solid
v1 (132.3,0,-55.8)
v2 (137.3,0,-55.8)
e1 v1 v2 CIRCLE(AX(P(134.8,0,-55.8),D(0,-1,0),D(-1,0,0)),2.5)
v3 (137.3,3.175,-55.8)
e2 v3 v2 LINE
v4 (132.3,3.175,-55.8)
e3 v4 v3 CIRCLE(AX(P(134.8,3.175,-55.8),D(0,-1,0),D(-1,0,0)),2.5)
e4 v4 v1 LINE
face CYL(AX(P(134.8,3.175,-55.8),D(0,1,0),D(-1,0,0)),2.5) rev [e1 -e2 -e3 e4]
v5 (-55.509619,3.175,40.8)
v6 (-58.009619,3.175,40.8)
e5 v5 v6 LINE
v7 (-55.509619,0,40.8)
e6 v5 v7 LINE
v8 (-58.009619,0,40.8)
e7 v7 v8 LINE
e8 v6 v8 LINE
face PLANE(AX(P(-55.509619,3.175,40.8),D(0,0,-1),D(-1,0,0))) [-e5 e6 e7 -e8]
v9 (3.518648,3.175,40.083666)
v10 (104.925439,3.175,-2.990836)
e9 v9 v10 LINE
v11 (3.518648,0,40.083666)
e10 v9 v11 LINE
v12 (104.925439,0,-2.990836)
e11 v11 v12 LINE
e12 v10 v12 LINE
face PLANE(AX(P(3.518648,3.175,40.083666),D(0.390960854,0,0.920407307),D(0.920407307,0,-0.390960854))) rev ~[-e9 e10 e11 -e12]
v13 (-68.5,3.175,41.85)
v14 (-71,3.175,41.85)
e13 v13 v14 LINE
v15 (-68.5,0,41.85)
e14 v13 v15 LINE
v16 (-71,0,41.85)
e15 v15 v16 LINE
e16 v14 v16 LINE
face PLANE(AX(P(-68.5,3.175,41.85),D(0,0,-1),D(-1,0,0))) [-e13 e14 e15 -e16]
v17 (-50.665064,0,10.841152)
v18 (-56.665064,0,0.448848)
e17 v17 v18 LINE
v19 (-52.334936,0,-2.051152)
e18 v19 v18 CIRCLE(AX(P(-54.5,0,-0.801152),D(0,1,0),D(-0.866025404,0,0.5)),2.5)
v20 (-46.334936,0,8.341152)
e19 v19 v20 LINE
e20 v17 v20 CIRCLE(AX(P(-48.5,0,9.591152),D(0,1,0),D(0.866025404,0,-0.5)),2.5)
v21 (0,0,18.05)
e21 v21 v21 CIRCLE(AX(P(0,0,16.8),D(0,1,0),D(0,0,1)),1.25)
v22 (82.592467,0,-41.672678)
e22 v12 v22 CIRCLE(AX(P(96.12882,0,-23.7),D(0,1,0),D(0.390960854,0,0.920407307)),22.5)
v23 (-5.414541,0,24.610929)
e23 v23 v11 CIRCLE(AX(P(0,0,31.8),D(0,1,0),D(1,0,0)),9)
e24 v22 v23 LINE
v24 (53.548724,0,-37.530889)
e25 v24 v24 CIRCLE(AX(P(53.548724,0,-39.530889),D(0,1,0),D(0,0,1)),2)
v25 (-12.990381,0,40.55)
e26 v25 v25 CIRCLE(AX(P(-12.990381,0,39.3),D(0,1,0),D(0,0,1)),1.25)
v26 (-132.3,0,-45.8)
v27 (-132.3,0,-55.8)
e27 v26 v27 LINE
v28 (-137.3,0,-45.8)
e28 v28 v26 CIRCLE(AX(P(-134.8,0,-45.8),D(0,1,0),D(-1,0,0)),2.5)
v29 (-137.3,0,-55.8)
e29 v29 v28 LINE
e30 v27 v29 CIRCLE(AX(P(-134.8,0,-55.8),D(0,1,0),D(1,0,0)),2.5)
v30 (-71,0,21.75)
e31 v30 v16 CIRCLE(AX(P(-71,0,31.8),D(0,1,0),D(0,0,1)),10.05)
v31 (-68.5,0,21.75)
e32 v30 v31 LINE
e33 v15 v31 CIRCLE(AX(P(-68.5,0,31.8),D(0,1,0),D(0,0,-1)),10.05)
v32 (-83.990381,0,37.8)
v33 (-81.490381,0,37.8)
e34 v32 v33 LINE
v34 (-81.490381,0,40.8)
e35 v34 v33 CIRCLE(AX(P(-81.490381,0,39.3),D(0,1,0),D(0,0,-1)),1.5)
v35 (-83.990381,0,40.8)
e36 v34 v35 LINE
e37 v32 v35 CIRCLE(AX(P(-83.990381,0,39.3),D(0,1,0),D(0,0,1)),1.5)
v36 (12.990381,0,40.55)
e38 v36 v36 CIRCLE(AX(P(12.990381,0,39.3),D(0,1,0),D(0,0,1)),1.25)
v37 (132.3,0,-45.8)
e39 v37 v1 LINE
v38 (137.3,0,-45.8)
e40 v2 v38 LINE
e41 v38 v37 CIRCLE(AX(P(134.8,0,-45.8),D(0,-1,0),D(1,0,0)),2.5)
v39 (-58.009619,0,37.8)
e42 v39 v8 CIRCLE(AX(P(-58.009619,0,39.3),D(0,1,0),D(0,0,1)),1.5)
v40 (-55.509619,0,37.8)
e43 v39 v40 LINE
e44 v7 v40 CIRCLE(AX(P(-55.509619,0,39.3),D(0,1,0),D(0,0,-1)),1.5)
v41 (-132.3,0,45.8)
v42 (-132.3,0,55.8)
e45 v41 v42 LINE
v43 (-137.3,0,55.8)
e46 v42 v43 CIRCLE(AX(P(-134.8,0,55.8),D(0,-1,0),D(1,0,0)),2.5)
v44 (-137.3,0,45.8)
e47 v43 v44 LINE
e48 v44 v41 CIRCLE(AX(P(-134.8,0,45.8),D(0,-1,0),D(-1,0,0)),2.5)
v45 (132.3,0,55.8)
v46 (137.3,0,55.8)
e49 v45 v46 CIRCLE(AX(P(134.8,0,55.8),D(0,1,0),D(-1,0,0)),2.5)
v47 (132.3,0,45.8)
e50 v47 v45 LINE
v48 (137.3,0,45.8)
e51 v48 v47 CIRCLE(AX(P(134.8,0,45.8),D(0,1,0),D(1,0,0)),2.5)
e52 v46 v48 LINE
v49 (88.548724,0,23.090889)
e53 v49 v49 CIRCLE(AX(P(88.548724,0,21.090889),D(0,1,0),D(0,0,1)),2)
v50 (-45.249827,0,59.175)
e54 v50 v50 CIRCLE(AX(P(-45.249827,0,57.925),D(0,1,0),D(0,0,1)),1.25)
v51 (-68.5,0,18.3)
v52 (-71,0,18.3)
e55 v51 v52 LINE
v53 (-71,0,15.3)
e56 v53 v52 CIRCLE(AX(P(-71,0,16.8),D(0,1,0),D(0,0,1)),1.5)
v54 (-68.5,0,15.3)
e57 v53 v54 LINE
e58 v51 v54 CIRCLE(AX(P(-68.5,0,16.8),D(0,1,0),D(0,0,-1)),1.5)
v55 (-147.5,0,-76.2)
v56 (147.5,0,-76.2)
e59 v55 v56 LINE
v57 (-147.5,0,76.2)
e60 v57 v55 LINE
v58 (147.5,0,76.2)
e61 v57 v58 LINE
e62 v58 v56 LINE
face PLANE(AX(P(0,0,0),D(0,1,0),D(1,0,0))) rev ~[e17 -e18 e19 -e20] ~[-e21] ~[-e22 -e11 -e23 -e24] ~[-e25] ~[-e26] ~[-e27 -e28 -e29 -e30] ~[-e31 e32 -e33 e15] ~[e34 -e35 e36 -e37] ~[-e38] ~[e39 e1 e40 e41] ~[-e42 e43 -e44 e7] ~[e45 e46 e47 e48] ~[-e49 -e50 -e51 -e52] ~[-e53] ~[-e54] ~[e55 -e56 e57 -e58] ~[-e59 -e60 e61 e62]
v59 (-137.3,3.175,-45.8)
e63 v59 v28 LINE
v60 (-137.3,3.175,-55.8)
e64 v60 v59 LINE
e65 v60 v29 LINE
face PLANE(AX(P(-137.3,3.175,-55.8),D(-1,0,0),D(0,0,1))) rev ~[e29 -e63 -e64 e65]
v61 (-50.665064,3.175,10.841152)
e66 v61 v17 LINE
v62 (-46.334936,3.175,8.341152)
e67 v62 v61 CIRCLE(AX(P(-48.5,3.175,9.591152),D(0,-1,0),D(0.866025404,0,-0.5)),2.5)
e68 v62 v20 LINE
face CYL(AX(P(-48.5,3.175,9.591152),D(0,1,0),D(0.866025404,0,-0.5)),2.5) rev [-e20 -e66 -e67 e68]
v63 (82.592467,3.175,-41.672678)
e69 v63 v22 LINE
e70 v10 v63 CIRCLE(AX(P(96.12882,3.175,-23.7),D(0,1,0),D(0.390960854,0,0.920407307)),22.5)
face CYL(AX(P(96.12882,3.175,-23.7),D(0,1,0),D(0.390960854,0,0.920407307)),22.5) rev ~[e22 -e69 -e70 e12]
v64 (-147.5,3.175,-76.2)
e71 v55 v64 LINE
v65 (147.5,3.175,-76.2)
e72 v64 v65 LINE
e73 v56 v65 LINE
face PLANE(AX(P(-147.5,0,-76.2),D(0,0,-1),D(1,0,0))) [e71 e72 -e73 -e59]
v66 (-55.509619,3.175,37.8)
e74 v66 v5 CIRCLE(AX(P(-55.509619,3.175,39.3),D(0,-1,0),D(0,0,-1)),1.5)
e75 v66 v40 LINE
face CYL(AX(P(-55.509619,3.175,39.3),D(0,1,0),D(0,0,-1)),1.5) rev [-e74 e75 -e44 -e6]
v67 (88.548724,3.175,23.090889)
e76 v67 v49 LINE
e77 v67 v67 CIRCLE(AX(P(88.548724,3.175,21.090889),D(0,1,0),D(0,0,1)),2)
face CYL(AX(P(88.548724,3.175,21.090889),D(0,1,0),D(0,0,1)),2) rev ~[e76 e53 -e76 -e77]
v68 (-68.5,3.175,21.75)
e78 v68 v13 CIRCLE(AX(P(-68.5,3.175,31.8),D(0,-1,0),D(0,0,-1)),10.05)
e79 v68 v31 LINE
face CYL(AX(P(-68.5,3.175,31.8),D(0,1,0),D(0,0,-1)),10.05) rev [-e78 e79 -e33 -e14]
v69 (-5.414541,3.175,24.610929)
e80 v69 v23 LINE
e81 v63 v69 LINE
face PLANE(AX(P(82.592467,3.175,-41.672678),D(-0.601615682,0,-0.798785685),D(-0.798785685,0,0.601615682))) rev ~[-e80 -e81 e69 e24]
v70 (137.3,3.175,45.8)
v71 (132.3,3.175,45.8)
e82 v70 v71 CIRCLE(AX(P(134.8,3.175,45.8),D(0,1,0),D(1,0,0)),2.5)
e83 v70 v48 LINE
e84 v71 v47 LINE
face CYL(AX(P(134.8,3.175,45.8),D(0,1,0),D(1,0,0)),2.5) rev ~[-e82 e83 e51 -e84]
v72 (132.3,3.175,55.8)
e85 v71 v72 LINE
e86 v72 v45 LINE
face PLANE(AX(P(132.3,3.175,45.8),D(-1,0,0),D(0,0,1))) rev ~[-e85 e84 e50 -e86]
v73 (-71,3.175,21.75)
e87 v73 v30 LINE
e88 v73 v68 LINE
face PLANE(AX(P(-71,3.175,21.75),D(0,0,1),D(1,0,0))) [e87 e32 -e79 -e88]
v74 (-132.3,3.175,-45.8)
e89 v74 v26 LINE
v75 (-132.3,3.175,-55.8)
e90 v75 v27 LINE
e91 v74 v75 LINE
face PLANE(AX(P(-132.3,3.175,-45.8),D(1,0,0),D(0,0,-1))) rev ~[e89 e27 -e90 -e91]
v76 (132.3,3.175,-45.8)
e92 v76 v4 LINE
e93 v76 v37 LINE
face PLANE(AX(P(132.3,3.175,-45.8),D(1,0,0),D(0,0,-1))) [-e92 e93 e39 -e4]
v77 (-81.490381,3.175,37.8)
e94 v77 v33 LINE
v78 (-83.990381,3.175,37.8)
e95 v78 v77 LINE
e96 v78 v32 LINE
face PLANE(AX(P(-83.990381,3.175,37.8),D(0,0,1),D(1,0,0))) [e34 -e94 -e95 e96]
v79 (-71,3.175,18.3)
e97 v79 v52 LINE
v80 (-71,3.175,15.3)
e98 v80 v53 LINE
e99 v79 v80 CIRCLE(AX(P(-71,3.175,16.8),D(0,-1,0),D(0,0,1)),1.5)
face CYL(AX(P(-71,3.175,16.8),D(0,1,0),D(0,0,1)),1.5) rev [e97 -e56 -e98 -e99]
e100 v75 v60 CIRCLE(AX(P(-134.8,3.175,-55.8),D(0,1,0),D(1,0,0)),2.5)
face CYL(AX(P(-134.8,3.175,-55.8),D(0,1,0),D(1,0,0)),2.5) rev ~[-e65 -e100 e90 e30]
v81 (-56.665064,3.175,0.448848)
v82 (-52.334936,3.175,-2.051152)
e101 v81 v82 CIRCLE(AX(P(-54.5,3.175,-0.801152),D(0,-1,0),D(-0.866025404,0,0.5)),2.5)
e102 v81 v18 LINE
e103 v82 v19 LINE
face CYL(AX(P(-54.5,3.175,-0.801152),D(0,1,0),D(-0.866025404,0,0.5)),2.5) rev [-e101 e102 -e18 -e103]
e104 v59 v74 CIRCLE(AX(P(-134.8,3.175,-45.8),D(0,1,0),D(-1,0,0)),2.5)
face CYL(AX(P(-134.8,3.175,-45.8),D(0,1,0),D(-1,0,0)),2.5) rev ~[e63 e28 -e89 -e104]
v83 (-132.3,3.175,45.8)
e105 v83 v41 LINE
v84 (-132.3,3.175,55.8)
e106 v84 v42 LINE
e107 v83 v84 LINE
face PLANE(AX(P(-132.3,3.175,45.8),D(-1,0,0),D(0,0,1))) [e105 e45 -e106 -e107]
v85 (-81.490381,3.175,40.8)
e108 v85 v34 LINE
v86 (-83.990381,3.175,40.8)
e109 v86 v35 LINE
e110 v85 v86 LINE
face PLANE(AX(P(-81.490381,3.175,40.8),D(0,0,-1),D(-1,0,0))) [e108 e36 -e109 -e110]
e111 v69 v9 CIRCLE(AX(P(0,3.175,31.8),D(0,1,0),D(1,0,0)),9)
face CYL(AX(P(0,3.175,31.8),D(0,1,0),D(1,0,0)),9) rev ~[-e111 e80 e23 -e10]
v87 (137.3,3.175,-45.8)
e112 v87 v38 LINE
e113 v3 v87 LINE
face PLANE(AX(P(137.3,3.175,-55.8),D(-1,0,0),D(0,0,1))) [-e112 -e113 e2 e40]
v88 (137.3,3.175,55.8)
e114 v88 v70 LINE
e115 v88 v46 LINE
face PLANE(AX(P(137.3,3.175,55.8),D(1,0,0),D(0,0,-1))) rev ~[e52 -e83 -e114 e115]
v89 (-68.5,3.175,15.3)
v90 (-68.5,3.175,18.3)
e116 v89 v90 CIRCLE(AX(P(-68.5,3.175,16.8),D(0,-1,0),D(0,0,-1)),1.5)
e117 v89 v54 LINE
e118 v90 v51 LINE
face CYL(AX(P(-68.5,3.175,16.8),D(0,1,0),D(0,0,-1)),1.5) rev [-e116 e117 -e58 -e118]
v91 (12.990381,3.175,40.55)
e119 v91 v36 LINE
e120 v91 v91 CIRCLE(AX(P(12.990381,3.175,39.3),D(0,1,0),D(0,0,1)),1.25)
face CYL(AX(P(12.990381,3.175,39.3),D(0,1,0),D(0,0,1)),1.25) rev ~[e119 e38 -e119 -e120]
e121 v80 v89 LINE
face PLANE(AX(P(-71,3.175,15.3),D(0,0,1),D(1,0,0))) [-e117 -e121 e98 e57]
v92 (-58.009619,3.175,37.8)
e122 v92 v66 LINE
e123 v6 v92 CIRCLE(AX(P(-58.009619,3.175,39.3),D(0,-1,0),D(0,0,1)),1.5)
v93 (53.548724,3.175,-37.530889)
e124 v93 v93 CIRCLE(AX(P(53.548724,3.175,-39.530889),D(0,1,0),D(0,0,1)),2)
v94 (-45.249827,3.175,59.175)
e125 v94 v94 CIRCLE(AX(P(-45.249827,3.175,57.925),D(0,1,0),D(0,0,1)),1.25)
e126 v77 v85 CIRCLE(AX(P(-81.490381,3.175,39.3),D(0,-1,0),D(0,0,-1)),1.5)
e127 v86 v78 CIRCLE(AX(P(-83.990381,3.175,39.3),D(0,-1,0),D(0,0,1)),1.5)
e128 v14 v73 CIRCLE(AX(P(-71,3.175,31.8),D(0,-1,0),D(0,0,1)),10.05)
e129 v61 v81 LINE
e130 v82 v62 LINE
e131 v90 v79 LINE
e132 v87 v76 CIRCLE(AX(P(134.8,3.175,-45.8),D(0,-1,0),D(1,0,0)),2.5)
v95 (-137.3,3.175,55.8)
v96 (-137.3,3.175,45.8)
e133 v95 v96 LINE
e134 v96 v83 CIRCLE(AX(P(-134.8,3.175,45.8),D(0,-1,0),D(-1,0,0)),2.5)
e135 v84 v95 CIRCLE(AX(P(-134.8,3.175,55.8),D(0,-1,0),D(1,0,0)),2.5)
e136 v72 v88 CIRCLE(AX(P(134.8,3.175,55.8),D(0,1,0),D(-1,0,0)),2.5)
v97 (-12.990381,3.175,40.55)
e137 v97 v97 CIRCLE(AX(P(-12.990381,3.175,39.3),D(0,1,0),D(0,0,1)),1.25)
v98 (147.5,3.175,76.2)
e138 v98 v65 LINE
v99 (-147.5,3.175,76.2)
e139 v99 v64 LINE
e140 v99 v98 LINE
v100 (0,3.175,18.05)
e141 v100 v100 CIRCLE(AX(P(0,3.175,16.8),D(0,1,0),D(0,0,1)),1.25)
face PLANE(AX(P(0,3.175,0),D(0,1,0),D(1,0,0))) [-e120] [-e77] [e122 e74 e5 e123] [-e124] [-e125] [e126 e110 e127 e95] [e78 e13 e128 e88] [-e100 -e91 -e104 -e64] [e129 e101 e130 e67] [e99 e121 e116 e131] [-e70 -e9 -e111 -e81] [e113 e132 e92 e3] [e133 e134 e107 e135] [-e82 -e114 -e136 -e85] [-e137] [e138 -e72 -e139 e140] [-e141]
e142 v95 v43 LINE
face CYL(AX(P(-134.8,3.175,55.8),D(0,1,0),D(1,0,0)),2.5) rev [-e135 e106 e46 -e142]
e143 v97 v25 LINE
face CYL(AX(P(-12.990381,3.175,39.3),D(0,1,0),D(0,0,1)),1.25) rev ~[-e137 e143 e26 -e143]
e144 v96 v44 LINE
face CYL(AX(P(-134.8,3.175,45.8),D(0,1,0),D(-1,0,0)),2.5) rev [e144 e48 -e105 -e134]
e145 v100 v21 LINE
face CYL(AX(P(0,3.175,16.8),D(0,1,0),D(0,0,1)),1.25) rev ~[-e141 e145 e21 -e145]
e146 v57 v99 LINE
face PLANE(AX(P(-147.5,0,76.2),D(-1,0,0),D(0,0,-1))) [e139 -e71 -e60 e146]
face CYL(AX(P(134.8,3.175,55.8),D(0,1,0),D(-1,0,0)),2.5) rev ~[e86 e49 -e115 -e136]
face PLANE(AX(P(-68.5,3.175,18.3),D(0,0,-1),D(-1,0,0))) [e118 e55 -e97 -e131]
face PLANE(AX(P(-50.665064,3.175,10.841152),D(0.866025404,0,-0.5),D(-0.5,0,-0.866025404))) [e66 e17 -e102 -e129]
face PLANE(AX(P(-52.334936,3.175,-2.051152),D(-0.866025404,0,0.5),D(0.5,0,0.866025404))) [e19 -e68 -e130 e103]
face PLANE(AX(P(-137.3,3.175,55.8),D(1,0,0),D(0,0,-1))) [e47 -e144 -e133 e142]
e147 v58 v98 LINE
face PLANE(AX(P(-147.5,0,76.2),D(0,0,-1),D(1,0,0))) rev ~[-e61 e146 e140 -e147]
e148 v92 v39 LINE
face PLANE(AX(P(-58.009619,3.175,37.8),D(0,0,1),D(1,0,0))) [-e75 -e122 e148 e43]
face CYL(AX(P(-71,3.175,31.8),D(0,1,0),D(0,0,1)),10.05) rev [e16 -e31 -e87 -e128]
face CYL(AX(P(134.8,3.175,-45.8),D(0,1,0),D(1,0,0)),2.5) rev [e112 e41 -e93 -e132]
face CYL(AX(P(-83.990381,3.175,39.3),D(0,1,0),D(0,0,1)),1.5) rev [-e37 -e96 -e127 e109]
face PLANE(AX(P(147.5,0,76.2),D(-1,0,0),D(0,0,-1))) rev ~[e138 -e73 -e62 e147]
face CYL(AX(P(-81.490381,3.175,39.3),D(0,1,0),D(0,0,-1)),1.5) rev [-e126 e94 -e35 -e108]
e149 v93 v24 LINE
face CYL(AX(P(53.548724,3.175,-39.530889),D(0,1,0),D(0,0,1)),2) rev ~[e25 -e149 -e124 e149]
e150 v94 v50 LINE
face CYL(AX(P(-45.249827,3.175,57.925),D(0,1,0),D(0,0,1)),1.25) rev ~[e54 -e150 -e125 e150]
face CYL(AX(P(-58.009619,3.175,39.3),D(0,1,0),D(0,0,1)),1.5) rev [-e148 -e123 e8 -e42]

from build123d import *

# Parameters (mm, degrees)
CROQUIS1_W              = 295
CROQUIS1_H              = 152.4
SALIENTE_EXTRUIR1_DEPTH = 3.175
CROQUIS2_R              = 9
CROQUIS2_R_2            = 22.5
CROQUIS2_R_3            = 2
CROQUIS2_R_4            = 1.25
CORTAR_EXTRUIR1_DEPTH   = 3.175
CROQUIS3_R              = 1.25
CORTAR_EXTRUIR2_DEPTH   = 167.050506247


with BuildPart() as part:
    # Croquis1 → Saliente-Extruir1 (new body)
    with BuildSketch(Plane(origin=(0, 0, 0), x_dir=(1, 0, 0), z_dir=(0, 1, 0))):
        Rectangle(CROQUIS1_W, CROQUIS1_H)
    extrude(amount=SALIENTE_EXTRUIR1_DEPTH)

    # Croquis2 → Cortar-Extruir1 (cut)
    with BuildSketch(Plane(origin=(0, 3.175, 0), x_dir=(1, 0, 0), z_dir=(0, 1, 0))):
        with BuildLine():
            Line((-137.3, 55.8), (-137.3, 45.8))
            ThreePointArc((-137.3, 45.8), (-134.8, 43.3), (-132.3, 45.8))
            Line((-132.3, 45.8), (-132.3, 55.8))
            ThreePointArc((-132.3, 55.8), (-134.8, 58.3), (-137.3, 55.8))
        make_face()
        with BuildLine():
            ThreePointArc((-137.3, -45.8), (-134.8, -43.3), (-132.3, -45.8))
            Line((-132.3, -45.8), (-132.3, -55.8))
            ThreePointArc((-132.3, -55.8), (-134.8, -58.3), (-137.3, -55.8))
            Line((-137.3, -55.8), (-137.3, -45.8))
        make_face()
        with Locations((0, -31.8)):
            Circle(CROQUIS2_R)
        with Locations((96.12881982, 23.7)):
            Circle(CROQUIS2_R_2)
        with Locations(Location((53.548724126, 39.530889132, 0), (0, 0, 270))):
            Circle(CROQUIS2_R_3)
        with Locations(Location((88.548724126, -21.090889132, 0), (0, 0, 270))):
            Circle(CROQUIS2_R_3)
        with BuildLine():
            ThreePointArc((137.3, 45.8), (134.8, 43.3), (132.3, 45.8))
            Line((132.3, 45.8), (132.3, 55.8))
            ThreePointArc((132.3, 55.8), (134.8, 58.3), (137.3, 55.8))
            Line((137.3, 55.8), (137.3, 45.8))
        make_face()
        with BuildLine():
            Line((137.3, -55.8), (137.3, -45.8))
            ThreePointArc((137.3, -45.8), (134.8, -43.3), (132.3, -45.8))
            Line((132.3, -45.8), (132.3, -55.8))
            ThreePointArc((132.3, -55.8), (134.8, -58.3), (137.3, -55.8))
        make_face()
        with BuildLine():
            Line((82.592466968, 41.672677916), (-5.414541141, -24.610928834))
            ThreePointArc((-5.414541141, -24.610928834), (4.01678539, -23.746091934), (9, -31.8))
            ThreePointArc((9, -31.8), (7.505592222, -36.76649629), (3.518647689, -40.083665761))
            Line((3.518647689, -40.083665761), (104.925439043, 2.990835598))
            ThreePointArc((104.925439043, 2.990835598), (76.643248235, 12.45), (82.592466968, 41.672677916))
        make_face()
        with Locations(Location((-45.249827348, -57.925, 0), (0, 0, 270))):
            Circle(CROQUIS2_R_4)
    extrude(amount=-CORTAR_EXTRUIR1_DEPTH, mode=Mode.SUBTRACT)

    # Croquis3 → Cortar-Extruir2 (cut, through all)
    with BuildSketch(Plane(origin=(0, 3.175, 0), x_dir=(1, 0, 0), z_dir=(0, 1, 0))):
        with Locations(Location((0, -16.8, 0), (0, 0, 270))):
            Circle(CROQUIS3_R)
        with Locations(Location((12.990381057, -39.3, 0), (0, 0, 270))):
            Circle(CROQUIS3_R)
        with Locations(Location((-12.990381057, -39.3, 0), (0, 0, 270))):
            Circle(CROQUIS3_R)
        with BuildLine():
            Line((-52.334936491, 2.051152423), (-46.334936491, -8.341152423))
            ThreePointArc((-46.334936491, -8.341152423), (-47.25, -11.756215932), (-50.665063509, -10.841152423))
            Line((-50.665063509, -10.841152423), (-56.665063509, -0.448847577))
            ThreePointArc((-56.665063509, -0.448847577), (-55.75, 2.966215932), (-52.334936491, 2.051152423))
        make_face()
        with BuildLine():
            Line((-71, -15.3), (-68.5, -15.3))
            ThreePointArc((-68.5, -15.3), (-67, -16.8), (-68.5, -18.3))
            Line((-68.5, -18.3), (-71, -18.3))
            ThreePointArc((-71, -18.3), (-72.5, -16.8), (-71, -15.3))
        make_face()
        with BuildLine():
            Line((-58.009618943, -37.8), (-55.509618943, -37.8))
            ThreePointArc((-55.509618943, -37.8), (-54.009618943, -39.3), (-55.509618943, -40.8))
            Line((-55.509618943, -40.8), (-58.009618943, -40.8))
            ThreePointArc((-58.009618943, -40.8), (-59.509618943, -39.3), (-58.009618943, -37.8))
        make_face()
        with BuildLine():
            Line((-83.990381057, -37.8), (-81.490381057, -37.8))
            ThreePointArc((-81.490381057, -37.8), (-79.990381057, -39.3), (-81.490381057, -40.8))
            Line((-81.490381057, -40.8), (-83.990381057, -40.8))
            ThreePointArc((-83.990381057, -40.8), (-85.490381057, -39.3), (-83.990381057, -37.8))
        make_face()
        with BuildLine():
            Line((-71, -21.75), (-68.5, -21.75))
            ThreePointArc((-68.5, -21.75), (-58.45, -31.8), (-68.5, -41.85))
            Line((-68.5, -41.85), (-71, -41.85))
            ThreePointArc((-71, -41.85), (-81.05, -31.8), (-71, -21.75))
        make_face()
    extrude(amount=-CORTAR_EXTRUIR2_DEPTH, mode=Mode.SUBTRACT)


solid = part.part
